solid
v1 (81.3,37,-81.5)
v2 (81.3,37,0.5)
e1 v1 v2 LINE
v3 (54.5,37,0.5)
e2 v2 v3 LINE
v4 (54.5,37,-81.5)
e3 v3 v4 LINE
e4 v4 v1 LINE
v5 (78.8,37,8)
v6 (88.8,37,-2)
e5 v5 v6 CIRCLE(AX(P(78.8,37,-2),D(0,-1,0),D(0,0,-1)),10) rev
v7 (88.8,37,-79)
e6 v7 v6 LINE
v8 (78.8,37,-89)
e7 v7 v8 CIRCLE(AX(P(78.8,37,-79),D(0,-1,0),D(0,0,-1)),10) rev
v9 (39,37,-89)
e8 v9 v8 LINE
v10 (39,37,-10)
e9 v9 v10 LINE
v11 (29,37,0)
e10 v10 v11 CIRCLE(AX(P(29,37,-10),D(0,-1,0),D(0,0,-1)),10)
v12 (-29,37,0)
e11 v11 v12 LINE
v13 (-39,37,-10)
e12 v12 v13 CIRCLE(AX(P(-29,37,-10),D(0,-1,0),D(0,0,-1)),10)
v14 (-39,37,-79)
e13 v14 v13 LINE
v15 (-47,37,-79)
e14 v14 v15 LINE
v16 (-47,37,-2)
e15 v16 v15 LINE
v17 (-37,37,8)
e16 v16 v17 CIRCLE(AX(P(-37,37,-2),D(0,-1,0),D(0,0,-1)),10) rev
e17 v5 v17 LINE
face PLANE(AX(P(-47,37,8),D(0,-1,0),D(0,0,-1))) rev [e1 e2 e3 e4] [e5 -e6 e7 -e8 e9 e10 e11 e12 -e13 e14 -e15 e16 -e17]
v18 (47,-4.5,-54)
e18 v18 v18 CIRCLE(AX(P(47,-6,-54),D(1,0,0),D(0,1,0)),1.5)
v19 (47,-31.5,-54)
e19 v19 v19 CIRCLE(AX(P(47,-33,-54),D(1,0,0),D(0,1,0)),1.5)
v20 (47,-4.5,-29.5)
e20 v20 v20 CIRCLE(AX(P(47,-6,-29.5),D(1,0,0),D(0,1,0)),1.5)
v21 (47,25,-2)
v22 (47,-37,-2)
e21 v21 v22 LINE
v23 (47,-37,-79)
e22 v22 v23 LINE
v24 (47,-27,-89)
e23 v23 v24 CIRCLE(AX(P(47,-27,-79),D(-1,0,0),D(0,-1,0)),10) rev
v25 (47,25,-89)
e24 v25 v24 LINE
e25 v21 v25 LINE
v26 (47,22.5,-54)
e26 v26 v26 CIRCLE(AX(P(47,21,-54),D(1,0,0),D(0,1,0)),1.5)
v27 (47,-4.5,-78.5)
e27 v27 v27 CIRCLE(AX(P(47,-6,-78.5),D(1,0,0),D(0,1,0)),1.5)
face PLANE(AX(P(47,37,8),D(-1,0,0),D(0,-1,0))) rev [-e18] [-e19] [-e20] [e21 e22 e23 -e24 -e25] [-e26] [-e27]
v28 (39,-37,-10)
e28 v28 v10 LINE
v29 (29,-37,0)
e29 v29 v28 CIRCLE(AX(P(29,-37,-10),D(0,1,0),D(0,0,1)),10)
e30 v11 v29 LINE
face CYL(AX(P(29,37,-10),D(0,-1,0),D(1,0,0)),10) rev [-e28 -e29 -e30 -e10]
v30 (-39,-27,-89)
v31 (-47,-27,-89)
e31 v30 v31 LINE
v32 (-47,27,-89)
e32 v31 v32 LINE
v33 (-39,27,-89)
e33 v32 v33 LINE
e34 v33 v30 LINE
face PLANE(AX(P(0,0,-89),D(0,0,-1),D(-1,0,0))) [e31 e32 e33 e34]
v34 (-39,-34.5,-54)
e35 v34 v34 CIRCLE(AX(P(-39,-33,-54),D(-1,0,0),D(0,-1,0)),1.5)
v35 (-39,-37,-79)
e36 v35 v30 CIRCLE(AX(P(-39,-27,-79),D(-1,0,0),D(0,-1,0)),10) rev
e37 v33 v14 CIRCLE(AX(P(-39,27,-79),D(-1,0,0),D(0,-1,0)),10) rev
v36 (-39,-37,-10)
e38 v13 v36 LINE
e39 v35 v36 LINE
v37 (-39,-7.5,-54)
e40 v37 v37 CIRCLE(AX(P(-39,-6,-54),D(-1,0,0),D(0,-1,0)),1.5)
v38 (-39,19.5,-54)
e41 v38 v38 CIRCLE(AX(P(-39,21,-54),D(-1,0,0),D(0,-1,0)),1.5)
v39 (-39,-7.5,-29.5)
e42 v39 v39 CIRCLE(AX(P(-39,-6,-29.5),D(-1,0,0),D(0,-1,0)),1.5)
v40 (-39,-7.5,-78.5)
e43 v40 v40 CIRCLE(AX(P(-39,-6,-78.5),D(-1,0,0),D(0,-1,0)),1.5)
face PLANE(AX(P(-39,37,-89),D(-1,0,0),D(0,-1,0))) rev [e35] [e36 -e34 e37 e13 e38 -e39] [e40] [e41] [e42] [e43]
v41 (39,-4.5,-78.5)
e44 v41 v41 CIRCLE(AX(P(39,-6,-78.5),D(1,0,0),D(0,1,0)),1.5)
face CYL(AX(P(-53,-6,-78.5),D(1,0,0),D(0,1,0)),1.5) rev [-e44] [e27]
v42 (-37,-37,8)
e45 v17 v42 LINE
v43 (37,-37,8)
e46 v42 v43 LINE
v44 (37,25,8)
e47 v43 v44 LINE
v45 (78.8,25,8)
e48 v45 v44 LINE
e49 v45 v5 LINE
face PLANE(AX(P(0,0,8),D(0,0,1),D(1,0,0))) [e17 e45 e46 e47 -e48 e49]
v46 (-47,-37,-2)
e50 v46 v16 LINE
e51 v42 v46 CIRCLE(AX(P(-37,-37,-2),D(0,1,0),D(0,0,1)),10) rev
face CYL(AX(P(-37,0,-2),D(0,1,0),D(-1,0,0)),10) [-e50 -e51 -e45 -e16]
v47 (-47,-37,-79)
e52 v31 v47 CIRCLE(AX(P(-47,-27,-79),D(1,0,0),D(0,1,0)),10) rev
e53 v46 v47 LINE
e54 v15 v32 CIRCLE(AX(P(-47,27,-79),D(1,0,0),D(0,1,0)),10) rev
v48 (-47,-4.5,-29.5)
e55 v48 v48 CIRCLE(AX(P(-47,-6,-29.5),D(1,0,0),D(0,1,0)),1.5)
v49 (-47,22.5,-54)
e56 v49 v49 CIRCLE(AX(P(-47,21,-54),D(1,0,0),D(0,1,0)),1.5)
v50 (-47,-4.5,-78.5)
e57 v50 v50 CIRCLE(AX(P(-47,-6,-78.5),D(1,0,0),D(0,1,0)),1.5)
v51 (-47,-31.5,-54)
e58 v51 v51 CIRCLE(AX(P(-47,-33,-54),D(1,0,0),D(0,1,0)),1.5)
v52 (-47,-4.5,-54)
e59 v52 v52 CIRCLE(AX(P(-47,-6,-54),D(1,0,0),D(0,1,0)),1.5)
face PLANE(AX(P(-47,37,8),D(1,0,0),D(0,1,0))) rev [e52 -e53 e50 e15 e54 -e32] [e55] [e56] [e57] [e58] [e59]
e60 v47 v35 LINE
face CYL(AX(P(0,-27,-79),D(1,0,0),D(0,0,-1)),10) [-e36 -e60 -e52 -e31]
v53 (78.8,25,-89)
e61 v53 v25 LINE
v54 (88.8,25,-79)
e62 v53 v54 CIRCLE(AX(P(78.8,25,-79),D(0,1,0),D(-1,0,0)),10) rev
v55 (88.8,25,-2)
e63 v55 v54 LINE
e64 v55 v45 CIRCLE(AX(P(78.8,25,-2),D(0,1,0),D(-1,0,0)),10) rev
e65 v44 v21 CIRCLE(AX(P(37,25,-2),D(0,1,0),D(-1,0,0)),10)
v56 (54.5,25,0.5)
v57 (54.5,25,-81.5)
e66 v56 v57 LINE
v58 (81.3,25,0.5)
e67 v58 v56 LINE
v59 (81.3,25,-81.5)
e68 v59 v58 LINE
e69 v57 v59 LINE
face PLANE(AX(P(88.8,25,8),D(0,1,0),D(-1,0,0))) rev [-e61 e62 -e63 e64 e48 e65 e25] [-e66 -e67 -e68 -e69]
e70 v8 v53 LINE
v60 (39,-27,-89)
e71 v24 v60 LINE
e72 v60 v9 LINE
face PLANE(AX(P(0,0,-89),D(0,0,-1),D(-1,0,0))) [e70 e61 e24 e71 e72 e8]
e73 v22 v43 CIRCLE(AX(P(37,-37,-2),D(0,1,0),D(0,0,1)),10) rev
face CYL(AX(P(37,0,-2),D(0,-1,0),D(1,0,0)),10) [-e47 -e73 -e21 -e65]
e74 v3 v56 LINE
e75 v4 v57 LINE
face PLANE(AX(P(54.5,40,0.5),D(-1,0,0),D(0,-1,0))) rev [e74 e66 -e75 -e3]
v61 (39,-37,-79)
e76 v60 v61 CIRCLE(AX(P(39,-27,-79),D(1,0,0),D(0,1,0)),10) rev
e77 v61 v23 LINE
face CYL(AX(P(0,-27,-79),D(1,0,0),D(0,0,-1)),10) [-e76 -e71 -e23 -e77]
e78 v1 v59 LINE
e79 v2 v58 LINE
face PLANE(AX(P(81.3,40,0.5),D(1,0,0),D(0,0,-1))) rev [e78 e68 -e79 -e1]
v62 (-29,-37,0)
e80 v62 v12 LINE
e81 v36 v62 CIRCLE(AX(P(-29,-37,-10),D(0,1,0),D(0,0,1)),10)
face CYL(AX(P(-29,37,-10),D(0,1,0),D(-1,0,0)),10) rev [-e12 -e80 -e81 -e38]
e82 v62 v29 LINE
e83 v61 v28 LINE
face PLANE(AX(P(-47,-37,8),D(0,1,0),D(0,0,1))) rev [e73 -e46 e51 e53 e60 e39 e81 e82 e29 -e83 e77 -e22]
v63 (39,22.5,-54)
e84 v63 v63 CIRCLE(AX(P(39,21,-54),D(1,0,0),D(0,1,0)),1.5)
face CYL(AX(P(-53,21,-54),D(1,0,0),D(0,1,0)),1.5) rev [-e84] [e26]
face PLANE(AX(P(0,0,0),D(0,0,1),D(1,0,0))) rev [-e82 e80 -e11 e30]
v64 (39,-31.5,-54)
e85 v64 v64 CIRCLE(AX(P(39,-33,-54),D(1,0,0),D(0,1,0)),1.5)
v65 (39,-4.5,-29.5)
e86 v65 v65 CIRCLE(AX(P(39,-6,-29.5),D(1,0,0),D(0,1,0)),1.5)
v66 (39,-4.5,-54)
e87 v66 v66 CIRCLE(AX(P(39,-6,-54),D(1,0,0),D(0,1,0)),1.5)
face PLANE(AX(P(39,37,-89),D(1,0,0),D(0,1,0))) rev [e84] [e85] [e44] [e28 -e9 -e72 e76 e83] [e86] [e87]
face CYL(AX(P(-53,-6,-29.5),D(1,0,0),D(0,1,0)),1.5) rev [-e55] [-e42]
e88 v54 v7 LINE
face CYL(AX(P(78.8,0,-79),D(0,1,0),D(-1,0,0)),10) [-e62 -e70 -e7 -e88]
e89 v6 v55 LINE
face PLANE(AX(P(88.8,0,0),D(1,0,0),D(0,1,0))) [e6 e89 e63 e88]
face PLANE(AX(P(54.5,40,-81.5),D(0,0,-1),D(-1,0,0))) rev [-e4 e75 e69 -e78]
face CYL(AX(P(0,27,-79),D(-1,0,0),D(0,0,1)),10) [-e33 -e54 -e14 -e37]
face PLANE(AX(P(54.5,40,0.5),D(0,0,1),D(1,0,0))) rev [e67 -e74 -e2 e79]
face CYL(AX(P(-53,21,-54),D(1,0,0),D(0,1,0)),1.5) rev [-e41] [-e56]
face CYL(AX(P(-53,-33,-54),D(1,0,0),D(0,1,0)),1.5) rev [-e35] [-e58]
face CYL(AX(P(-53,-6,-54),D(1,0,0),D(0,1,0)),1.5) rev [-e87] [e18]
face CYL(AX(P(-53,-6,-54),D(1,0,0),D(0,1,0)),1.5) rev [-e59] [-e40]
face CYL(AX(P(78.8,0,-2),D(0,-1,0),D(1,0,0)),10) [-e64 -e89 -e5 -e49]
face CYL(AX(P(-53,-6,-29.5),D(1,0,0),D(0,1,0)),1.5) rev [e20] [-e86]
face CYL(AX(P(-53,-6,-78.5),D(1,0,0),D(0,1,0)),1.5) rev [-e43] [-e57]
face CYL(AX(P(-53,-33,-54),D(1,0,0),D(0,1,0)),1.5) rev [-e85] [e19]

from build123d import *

# Parameters (mm, degrees)
SKETCH1_W           = 94
SKETCH1_H           = 74
BOSS_EXTRUDE1_DEPTH = 8
SKETCH3_W           = 8
SKETCH3_H           = 74
BOSS_EXTRUDE2_DEPTH = 89
SKETCH4_W           = 8
SKETCH4_H           = 74
BOSS_EXTRUDE3_DEPTH = 89
SKETCH7_W           = 97
SKETCH7_H           = 12
BOSS_EXTRUDE6_DEPTH = 41.8
SKETCH13_W          = 26.8
SKETCH13_H          = 82
CUT_EXTRUDE3_DEPTH  = 15
SKETCH19_R          = 1.5
CUT_EXTRUDE4_DEPTH  = 100
FILLET1_R           = 10
FILLET2_R           = 10
FILLET3_R           = 10
FILLET4_R           = 10
FILLET5_R           = 10
FILLET6_R           = 10
FILLET7_R           = 10
FILLET8_R           = 10


with BuildPart() as part:
    # Sketch1 → Boss-Extrude1 (new body)
    with BuildSketch(Plane.XY):
        Rectangle(SKETCH1_W, SKETCH1_H)
    extrude(amount=BOSS_EXTRUDE1_DEPTH)

    # Sketch3 → Boss-Extrude2 (add)
    with BuildSketch(Plane(origin=(0, 0, 0), x_dir=(-1, 0, 0), z_dir=(0, 0, -1))):
        with Locations((43, 0)):
            Rectangle(SKETCH3_W, SKETCH3_H)
    extrude(amount=BOSS_EXTRUDE2_DEPTH)

    # Sketch4 → Boss-Extrude3 (add)
    with BuildSketch(Plane(origin=(0, 0, 0), x_dir=(-1, 0, 0), z_dir=(0, 0, -1))):
        with Locations((-43, 0)):
            Rectangle(SKETCH4_W, SKETCH4_H)
    extrude(amount=BOSS_EXTRUDE3_DEPTH)

    # Sketch7 → Boss-Extrude6 (add)
    with BuildSketch(Plane(origin=(47, 0, 0), x_dir=(0, 0, -1), z_dir=(1, 0, 0))):
        with Locations((40.5, 31)):
            Rectangle(SKETCH7_W, SKETCH7_H)
    extrude(amount=BOSS_EXTRUDE6_DEPTH)

    # Sketch13 → Cut-Extrude3 (cut)
    with BuildSketch(Plane.XZ.offset(-25)):
        with Locations((67.9, -40.5)):
            Rectangle(SKETCH13_W, SKETCH13_H)
    extrude(amount=-CUT_EXTRUDE3_DEPTH, mode=Mode.SUBTRACT)

    # Sketch19 → Cut-Extrude4 (cut)
    with BuildSketch(Plane(origin=(47, 0, 0), x_dir=(0, 0, -1), z_dir=(1, 0, 0))):
        with Locations(Location((54, 21, 0), (0, 0, 90))):
            Circle(SKETCH19_R)
        with Locations(Location((29.5, -6, 0), (0, 0, 90))):
            Circle(SKETCH19_R)
        with Locations(Location((78.5, -6, 0), (0, 0, 90))):
            Circle(SKETCH19_R)
        with Locations(Location((54, -33, 0), (0, 0, 90))):
            Circle(SKETCH19_R)
        with Locations(Location((54, -6, 0), (0, 0, 90))):
            Circle(SKETCH19_R)
    extrude(amount=-CUT_EXTRUDE4_DEPTH, mode=Mode.SUBTRACT)

    # Fillet1
    fillet1_edges = [part.edges().sort_by_distance(p)[0] for p in [
        (-43, 37, -89),
        (47, -6, 8),
    ]]
    fillet(fillet1_edges, radius=FILLET1_R)

    # Fillet2
    fillet2_edges = [part.edges().sort_by_distance(p)[0] for p in [
        (-43, -37, -89),
    ]]
    fillet(fillet2_edges, radius=FILLET2_R)

    # Fillet3
    fillet3_edges = [part.edges().sort_by_distance(p)[0] for p in [
        (43, -37, -89),
    ]]
    fillet(fillet3_edges, radius=FILLET3_R)

    # Fillet4
    fillet4_edges = [part.edges().sort_by_distance(p)[0] for p in [
        (-47, 0, 8),
    ]]
    fillet(fillet4_edges, radius=FILLET4_R)

    # Fillet5
    fillet5_edges = [part.edges().sort_by_distance(p)[0] for p in [
        (88.8, 31, 8),
    ]]
    fillet(fillet5_edges, radius=FILLET5_R)

    # Fillet6
    fillet6_edges = [part.edges().sort_by_distance(p)[0] for p in [
        (88.8, 31, -89),
    ]]
    fillet(fillet6_edges, radius=FILLET6_R)

    # Fillet7
    fillet7_edges = [part.edges().sort_by_distance(p)[0] for p in [
        (-39, 0, 0),
    ]]
    fillet(fillet7_edges, radius=FILLET7_R)

    # Fillet8
    fillet8_edges = [part.edges().sort_by_distance(p)[0] for p in [
        (39, 0, 0),
    ]]
    fillet(fillet8_edges, radius=FILLET8_R)


solid = part.part
